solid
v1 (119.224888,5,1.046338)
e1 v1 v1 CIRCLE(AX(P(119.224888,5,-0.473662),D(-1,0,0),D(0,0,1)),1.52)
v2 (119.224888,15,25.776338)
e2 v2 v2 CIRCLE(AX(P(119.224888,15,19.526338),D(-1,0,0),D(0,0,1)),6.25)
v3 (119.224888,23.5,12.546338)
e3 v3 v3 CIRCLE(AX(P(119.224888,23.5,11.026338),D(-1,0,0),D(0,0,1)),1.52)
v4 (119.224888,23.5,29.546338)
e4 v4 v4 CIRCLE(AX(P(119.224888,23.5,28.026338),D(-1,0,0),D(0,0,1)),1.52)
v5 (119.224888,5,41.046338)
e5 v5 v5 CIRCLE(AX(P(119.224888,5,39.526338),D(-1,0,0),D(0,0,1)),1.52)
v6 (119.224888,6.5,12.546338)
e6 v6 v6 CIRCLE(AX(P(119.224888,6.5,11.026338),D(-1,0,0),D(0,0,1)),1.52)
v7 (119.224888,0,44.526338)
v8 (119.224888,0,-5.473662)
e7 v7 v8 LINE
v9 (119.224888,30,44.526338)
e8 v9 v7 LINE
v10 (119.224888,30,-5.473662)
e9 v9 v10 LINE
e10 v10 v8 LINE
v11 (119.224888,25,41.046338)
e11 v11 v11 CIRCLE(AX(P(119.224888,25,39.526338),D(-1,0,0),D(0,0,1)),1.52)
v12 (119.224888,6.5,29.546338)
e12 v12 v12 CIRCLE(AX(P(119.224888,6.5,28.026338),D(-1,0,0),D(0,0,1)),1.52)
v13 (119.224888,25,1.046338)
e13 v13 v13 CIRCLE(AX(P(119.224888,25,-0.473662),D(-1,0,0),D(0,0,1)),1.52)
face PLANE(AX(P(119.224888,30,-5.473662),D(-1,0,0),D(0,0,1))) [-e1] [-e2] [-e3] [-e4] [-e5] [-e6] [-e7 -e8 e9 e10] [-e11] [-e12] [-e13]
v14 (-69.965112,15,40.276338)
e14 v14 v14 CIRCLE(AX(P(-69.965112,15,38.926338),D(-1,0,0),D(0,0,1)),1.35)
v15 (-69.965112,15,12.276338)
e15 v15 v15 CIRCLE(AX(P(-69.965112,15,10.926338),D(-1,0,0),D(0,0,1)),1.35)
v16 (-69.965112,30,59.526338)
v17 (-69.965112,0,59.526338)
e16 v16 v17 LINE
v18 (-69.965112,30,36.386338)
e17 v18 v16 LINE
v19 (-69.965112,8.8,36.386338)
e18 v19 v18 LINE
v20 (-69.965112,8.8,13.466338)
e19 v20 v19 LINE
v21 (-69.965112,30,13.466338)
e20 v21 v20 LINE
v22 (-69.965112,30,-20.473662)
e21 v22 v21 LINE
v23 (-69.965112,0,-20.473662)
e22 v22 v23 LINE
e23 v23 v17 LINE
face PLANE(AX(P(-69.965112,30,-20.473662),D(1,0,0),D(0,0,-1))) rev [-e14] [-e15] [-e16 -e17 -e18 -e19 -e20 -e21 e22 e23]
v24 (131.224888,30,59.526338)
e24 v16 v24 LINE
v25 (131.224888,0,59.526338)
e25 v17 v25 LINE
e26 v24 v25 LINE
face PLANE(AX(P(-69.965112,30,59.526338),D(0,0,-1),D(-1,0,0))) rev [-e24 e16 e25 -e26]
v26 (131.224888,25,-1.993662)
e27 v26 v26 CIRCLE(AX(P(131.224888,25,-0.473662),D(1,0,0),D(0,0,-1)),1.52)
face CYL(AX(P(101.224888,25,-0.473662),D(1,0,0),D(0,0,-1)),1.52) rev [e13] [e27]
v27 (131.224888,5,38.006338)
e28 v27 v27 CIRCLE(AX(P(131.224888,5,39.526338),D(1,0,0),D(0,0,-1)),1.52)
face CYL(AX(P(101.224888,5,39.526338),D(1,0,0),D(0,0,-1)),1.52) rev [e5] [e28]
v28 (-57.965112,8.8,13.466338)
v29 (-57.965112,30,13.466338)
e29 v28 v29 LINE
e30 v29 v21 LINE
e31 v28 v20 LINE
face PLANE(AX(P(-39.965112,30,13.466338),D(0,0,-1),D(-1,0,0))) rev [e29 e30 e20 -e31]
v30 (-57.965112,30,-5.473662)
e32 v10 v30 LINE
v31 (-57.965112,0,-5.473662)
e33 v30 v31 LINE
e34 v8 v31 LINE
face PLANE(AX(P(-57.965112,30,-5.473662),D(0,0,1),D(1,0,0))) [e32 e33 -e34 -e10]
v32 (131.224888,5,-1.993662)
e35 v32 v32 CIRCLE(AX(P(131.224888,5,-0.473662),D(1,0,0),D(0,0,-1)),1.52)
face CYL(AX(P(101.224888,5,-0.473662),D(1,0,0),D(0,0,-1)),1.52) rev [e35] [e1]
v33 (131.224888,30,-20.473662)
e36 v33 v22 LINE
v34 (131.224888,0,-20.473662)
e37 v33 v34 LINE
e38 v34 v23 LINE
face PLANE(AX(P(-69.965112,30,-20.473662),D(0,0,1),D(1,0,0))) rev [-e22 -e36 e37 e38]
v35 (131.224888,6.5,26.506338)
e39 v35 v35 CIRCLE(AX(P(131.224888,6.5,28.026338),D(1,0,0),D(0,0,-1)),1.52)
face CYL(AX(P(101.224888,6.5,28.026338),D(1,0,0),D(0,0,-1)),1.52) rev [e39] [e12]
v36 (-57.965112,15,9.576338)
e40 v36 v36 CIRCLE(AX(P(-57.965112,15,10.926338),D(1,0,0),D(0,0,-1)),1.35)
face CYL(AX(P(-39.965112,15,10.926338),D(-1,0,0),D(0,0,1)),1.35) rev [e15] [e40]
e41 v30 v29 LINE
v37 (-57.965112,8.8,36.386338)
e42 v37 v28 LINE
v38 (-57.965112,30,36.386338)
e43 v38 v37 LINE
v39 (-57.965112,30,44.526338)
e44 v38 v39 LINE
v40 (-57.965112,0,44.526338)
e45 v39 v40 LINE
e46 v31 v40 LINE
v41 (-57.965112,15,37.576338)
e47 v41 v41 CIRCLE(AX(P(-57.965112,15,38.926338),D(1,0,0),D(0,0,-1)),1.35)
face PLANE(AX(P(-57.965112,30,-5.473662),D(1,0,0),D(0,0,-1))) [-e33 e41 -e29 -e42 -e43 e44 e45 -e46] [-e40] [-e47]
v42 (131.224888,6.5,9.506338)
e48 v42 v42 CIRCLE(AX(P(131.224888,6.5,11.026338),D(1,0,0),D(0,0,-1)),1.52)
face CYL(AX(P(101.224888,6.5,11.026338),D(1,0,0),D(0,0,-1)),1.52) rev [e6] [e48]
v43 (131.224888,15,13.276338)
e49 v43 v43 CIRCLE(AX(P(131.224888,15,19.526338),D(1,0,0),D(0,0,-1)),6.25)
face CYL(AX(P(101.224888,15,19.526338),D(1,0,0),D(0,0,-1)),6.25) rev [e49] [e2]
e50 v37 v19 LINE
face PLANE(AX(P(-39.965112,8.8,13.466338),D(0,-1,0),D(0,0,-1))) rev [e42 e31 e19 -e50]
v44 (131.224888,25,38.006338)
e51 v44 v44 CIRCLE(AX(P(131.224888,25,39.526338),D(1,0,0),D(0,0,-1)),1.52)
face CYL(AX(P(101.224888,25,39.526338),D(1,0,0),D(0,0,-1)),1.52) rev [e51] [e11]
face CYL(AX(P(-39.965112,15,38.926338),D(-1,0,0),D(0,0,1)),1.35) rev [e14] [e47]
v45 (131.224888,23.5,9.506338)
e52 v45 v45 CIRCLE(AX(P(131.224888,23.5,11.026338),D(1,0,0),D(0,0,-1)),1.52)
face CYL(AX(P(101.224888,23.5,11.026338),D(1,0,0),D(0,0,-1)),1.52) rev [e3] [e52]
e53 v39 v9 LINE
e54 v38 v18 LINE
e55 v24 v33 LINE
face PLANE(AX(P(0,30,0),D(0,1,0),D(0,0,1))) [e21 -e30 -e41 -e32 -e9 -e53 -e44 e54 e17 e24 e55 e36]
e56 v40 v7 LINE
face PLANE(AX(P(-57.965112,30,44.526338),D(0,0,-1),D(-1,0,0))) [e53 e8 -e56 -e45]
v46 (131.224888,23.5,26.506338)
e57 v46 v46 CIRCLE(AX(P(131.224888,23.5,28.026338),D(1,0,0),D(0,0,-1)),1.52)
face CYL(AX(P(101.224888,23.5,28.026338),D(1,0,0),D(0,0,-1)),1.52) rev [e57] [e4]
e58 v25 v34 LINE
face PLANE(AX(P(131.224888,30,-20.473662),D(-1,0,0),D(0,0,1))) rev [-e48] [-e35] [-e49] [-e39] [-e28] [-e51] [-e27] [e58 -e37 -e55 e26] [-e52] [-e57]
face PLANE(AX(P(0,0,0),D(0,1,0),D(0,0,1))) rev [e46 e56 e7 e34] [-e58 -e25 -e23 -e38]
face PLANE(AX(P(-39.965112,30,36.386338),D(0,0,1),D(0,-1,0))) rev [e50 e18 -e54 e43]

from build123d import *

# Parameters (mm, degrees)
SKETCH1_W           = 201.19
SKETCH1_H           = 80
SKETCH1_W_2         = 177.19
SKETCH1_H_2         = 50
BOSS_EXTRUDE1_DEPTH = 30
SKETCH2_R           = 1.35
SKETCH2_W           = 22.92
SKETCH2_H           = 21.2
CUT_EXTRUDE1_DEPTH  = 30
SKETCH4_R           = 6.25
SKETCH4_R_2         = 1.52
CUT_EXTRUDE2_DEPTH  = 30


with BuildPart() as part:
    # Sketch1 → Boss-Extrude1 (new body)
    with BuildSketch(Plane(origin=(0, 0, 0), x_dir=(1, 0, 0), z_dir=(0, 1, 0))):
        with Locations((30.629887821, -19.526338141)):
            Rectangle(SKETCH1_W, SKETCH1_H)
        with Locations((30.629887821, -19.526338141)):
            Rectangle(SKETCH1_W_2, SKETCH1_H_2, mode=Mode.SUBTRACT)
    extrude(amount=BOSS_EXTRUDE1_DEPTH)

    # Sketch2 → Cut-Extrude1 (cut)
    with BuildSketch(Plane.ZY.offset(69.965112179)):
        with Locations((10.926338141, 15)):
            Circle(SKETCH2_R)
        with Locations((38.926338141, 15)):
            Circle(SKETCH2_R)
        with Locations((24.926338141, 19.4)):
            Rectangle(SKETCH2_W, SKETCH2_H)
    extrude(amount=-CUT_EXTRUDE1_DEPTH, mode=Mode.SUBTRACT)

    # Sketch4 → Cut-Extrude2 (cut)
    with BuildSketch(Plane(origin=(131.224887821, 0, 0), x_dir=(0, 0, -1), z_dir=(1, 0, 0))):
        with Locations((-19.526338141, 15)):
            Circle(SKETCH4_R)
        with Locations((-28.026338141, 23.5)):
            Circle(SKETCH4_R_2)
        with Locations((-11.026338141, 23.5)):
            Circle(SKETCH4_R_2)
        with Locations((-11.026338141, 6.5)):
            Circle(SKETCH4_R_2)
        with Locations((-28.026338141, 6.5)):
            Circle(SKETCH4_R_2)
        with Locations((0.473661859, 25)):
            Circle(SKETCH4_R_2)
        with Locations((0.473661859, 5)):
            Circle(SKETCH4_R_2)
        with Locations((-39.526338141, 5)):
            Circle(SKETCH4_R_2)
        with Locations((-39.526338141, 25)):
            Circle(SKETCH4_R_2)
    extrude(amount=-CUT_EXTRUDE2_DEPTH, mode=Mode.SUBTRACT)


solid = part.part
